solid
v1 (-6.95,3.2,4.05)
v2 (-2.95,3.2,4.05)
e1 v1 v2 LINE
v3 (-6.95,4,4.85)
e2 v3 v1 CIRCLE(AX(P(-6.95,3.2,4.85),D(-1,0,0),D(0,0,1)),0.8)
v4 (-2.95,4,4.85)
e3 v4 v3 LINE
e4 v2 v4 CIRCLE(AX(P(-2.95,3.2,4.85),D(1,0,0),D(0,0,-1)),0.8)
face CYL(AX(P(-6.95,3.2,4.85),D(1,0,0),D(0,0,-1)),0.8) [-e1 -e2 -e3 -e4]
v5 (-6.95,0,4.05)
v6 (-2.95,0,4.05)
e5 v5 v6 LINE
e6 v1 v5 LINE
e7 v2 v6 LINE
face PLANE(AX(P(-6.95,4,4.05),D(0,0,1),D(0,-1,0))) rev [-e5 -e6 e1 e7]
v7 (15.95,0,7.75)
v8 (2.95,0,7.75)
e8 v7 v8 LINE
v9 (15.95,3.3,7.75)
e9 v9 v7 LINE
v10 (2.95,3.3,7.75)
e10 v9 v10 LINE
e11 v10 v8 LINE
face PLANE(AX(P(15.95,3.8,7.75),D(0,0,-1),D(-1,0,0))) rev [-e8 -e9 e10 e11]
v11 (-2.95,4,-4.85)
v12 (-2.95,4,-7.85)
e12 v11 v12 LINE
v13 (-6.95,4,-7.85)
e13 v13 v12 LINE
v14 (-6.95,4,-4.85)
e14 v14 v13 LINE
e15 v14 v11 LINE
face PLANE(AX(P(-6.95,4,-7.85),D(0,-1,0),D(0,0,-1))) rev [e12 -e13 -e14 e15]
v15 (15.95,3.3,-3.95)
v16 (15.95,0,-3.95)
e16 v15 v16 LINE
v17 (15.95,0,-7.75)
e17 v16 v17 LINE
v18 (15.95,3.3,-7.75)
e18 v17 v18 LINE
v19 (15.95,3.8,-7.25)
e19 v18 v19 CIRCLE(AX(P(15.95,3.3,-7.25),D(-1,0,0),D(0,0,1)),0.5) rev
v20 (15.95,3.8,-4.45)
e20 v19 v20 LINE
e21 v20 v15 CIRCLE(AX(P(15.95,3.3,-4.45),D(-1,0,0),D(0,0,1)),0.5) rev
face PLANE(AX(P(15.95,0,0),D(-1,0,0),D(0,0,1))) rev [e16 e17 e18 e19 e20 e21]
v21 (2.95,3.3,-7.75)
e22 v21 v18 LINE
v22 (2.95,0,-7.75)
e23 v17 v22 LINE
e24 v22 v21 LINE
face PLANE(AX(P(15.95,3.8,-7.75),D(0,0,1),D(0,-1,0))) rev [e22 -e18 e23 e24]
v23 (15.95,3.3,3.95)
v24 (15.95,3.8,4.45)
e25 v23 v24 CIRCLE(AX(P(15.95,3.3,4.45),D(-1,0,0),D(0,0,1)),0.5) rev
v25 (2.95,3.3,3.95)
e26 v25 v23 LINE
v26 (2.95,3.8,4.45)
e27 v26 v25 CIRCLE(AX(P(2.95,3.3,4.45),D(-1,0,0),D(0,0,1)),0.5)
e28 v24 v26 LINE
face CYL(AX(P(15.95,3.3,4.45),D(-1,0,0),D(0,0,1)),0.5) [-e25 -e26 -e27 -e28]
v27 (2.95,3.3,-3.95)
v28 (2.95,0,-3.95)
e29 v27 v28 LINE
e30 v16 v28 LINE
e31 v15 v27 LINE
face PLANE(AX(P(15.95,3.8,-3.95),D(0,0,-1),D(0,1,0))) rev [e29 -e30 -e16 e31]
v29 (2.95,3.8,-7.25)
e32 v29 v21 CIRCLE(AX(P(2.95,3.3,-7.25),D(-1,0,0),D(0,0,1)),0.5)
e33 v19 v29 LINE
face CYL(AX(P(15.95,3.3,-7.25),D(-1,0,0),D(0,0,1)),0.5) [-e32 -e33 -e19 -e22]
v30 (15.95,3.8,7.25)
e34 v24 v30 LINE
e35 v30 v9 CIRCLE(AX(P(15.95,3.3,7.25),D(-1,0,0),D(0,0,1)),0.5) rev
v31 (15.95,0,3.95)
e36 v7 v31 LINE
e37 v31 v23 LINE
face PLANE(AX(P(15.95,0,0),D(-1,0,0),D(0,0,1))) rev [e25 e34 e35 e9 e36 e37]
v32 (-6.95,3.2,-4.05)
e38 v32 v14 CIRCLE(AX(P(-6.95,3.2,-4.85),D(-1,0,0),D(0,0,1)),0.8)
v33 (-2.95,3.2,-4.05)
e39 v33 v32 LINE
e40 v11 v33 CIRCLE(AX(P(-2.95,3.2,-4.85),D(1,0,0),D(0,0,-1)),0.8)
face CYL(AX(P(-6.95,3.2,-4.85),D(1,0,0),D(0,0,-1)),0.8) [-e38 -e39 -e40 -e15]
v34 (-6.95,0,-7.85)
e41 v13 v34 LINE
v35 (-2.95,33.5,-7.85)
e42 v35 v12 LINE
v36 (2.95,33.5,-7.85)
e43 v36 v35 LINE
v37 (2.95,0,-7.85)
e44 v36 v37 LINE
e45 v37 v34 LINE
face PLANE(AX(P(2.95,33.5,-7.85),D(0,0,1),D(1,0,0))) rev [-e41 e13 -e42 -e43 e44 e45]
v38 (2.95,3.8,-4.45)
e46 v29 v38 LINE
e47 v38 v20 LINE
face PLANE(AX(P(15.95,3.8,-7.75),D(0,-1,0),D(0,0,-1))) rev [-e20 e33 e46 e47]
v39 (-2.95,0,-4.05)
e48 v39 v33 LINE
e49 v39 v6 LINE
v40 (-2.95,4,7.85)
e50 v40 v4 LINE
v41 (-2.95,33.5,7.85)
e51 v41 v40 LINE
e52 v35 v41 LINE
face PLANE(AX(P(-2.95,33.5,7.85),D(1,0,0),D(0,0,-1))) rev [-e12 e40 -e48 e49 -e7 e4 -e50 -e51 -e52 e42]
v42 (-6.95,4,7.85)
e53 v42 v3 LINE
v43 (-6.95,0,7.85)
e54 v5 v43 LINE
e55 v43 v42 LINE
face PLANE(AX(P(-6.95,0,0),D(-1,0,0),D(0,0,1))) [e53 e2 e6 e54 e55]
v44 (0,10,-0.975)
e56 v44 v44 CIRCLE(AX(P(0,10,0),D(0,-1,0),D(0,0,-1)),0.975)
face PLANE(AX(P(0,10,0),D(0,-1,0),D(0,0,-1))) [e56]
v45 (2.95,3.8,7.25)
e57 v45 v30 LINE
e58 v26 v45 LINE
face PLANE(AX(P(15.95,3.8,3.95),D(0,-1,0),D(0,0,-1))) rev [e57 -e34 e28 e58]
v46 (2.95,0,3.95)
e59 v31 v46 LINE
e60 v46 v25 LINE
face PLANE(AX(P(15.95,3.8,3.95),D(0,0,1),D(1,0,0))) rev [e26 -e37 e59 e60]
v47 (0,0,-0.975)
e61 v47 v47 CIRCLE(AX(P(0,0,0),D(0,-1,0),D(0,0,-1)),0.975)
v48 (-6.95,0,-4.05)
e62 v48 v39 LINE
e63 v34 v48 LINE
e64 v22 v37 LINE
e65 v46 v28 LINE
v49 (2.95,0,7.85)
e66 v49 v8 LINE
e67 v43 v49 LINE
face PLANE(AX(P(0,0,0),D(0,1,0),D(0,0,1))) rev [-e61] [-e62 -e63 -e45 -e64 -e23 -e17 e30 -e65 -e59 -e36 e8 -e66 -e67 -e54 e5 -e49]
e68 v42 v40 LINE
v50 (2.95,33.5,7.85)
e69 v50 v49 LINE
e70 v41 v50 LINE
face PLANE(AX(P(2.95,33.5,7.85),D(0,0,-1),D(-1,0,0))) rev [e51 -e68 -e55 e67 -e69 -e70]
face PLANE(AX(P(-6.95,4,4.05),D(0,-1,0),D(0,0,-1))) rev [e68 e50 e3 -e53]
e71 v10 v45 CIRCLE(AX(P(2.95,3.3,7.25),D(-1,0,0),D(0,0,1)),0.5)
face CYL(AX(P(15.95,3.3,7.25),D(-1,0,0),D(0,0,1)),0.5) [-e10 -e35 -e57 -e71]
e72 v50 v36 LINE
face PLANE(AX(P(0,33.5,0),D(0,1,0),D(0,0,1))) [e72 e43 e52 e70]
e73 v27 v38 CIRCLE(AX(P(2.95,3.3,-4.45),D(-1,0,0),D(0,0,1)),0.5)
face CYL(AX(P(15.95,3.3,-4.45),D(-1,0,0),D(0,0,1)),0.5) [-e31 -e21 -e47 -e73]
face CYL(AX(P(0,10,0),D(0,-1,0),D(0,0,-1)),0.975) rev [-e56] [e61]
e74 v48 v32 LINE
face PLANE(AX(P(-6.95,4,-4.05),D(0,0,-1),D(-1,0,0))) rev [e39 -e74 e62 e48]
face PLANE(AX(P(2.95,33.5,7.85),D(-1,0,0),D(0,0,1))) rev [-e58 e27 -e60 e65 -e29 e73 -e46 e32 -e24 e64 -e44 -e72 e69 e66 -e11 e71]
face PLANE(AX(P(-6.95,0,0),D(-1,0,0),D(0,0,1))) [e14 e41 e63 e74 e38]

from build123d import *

# Parameters (mm, degrees)
SKETCH_2_W          = 5.9
SKETCH_2_H          = 15.7
EXTRUDE_1_DEPTH     = 33.5
SKETCH_3_R          = 0.975
CUT_EXTRUDE_1_DEPTH = 10
SKETCH_4_W          = 3.8
SKETCH_4_H          = 3.8
EXTRUDE_2_DEPTH     = 13
SKETCH_5_W          = 3.8
SKETCH_5_H          = 4
EXTRUDE_3_DEPTH     = 4
FILLET_1_R          = 0.8
FILLET_2_R          = 0.5


with BuildPart() as part:
    # ｽｹｯﾁ2 → ﾎﾞｽ - 押し出し1 (new body)
    with BuildSketch(Plane(origin=(0, 0, 0), x_dir=(1, 0, 0), z_dir=(0, 1, 0))):
        Rectangle(SKETCH_2_W, SKETCH_2_H)
    extrude(amount=EXTRUDE_1_DEPTH)

    # ｽｹｯﾁ3 → ｶｯﾄ - 押し出し1 (cut)
    with BuildSketch(Plane.XZ):
        with Locations(Location((0, 0, 0), (0, 0, 270))):
            Circle(SKETCH_3_R)
    extrude(amount=-CUT_EXTRUDE_1_DEPTH, mode=Mode.SUBTRACT)

    # ｽｹｯﾁ4 → ﾎﾞｽ - 押し出し2 (add)
    with BuildSketch(Plane(origin=(2.95, 0, 0), x_dir=(0, 0, -1), z_dir=(1, 0, 0))):
        with Locations((-5.85, 1.9)):
            Rectangle(SKETCH_4_W, SKETCH_4_H)
        with Locations((5.85, 1.9)):
            Rectangle(SKETCH_4_W, SKETCH_4_H)
    extrude(amount=EXTRUDE_2_DEPTH)

    # ｽｹｯﾁ5 → ﾎﾞｽ - 押し出し3 (add)
    with BuildSketch(Plane.ZY.offset(2.95)):
        with Locations((-5.95, 2)):
            Rectangle(SKETCH_5_W, SKETCH_5_H)
        with Locations((5.95, 2)):
            Rectangle(SKETCH_5_W, SKETCH_5_H)
    extrude(amount=EXTRUDE_3_DEPTH)

    # ﾌｨﾚｯﾄ1
    fillet_1_edges = [part.edges().sort_by_distance(p)[0] for p in [
        (-4.95, 4, -4.05),
        (-4.95, 4, 4.05),
    ]]
    fillet(fillet_1_edges, radius=FILLET_1_R)

    # ﾌｨﾚｯﾄ2
    fillet_2_edges = [part.edges().sort_by_distance(p)[0] for p in [
        (9.45, 3.8, 7.75),
        (9.45, 3.8, 3.95),
        (9.45, 3.8, -3.95),
        (9.45, 3.8, -7.75),
    ]]
    fillet(fillet_2_edges, radius=FILLET_2_R)


solid = part.part
